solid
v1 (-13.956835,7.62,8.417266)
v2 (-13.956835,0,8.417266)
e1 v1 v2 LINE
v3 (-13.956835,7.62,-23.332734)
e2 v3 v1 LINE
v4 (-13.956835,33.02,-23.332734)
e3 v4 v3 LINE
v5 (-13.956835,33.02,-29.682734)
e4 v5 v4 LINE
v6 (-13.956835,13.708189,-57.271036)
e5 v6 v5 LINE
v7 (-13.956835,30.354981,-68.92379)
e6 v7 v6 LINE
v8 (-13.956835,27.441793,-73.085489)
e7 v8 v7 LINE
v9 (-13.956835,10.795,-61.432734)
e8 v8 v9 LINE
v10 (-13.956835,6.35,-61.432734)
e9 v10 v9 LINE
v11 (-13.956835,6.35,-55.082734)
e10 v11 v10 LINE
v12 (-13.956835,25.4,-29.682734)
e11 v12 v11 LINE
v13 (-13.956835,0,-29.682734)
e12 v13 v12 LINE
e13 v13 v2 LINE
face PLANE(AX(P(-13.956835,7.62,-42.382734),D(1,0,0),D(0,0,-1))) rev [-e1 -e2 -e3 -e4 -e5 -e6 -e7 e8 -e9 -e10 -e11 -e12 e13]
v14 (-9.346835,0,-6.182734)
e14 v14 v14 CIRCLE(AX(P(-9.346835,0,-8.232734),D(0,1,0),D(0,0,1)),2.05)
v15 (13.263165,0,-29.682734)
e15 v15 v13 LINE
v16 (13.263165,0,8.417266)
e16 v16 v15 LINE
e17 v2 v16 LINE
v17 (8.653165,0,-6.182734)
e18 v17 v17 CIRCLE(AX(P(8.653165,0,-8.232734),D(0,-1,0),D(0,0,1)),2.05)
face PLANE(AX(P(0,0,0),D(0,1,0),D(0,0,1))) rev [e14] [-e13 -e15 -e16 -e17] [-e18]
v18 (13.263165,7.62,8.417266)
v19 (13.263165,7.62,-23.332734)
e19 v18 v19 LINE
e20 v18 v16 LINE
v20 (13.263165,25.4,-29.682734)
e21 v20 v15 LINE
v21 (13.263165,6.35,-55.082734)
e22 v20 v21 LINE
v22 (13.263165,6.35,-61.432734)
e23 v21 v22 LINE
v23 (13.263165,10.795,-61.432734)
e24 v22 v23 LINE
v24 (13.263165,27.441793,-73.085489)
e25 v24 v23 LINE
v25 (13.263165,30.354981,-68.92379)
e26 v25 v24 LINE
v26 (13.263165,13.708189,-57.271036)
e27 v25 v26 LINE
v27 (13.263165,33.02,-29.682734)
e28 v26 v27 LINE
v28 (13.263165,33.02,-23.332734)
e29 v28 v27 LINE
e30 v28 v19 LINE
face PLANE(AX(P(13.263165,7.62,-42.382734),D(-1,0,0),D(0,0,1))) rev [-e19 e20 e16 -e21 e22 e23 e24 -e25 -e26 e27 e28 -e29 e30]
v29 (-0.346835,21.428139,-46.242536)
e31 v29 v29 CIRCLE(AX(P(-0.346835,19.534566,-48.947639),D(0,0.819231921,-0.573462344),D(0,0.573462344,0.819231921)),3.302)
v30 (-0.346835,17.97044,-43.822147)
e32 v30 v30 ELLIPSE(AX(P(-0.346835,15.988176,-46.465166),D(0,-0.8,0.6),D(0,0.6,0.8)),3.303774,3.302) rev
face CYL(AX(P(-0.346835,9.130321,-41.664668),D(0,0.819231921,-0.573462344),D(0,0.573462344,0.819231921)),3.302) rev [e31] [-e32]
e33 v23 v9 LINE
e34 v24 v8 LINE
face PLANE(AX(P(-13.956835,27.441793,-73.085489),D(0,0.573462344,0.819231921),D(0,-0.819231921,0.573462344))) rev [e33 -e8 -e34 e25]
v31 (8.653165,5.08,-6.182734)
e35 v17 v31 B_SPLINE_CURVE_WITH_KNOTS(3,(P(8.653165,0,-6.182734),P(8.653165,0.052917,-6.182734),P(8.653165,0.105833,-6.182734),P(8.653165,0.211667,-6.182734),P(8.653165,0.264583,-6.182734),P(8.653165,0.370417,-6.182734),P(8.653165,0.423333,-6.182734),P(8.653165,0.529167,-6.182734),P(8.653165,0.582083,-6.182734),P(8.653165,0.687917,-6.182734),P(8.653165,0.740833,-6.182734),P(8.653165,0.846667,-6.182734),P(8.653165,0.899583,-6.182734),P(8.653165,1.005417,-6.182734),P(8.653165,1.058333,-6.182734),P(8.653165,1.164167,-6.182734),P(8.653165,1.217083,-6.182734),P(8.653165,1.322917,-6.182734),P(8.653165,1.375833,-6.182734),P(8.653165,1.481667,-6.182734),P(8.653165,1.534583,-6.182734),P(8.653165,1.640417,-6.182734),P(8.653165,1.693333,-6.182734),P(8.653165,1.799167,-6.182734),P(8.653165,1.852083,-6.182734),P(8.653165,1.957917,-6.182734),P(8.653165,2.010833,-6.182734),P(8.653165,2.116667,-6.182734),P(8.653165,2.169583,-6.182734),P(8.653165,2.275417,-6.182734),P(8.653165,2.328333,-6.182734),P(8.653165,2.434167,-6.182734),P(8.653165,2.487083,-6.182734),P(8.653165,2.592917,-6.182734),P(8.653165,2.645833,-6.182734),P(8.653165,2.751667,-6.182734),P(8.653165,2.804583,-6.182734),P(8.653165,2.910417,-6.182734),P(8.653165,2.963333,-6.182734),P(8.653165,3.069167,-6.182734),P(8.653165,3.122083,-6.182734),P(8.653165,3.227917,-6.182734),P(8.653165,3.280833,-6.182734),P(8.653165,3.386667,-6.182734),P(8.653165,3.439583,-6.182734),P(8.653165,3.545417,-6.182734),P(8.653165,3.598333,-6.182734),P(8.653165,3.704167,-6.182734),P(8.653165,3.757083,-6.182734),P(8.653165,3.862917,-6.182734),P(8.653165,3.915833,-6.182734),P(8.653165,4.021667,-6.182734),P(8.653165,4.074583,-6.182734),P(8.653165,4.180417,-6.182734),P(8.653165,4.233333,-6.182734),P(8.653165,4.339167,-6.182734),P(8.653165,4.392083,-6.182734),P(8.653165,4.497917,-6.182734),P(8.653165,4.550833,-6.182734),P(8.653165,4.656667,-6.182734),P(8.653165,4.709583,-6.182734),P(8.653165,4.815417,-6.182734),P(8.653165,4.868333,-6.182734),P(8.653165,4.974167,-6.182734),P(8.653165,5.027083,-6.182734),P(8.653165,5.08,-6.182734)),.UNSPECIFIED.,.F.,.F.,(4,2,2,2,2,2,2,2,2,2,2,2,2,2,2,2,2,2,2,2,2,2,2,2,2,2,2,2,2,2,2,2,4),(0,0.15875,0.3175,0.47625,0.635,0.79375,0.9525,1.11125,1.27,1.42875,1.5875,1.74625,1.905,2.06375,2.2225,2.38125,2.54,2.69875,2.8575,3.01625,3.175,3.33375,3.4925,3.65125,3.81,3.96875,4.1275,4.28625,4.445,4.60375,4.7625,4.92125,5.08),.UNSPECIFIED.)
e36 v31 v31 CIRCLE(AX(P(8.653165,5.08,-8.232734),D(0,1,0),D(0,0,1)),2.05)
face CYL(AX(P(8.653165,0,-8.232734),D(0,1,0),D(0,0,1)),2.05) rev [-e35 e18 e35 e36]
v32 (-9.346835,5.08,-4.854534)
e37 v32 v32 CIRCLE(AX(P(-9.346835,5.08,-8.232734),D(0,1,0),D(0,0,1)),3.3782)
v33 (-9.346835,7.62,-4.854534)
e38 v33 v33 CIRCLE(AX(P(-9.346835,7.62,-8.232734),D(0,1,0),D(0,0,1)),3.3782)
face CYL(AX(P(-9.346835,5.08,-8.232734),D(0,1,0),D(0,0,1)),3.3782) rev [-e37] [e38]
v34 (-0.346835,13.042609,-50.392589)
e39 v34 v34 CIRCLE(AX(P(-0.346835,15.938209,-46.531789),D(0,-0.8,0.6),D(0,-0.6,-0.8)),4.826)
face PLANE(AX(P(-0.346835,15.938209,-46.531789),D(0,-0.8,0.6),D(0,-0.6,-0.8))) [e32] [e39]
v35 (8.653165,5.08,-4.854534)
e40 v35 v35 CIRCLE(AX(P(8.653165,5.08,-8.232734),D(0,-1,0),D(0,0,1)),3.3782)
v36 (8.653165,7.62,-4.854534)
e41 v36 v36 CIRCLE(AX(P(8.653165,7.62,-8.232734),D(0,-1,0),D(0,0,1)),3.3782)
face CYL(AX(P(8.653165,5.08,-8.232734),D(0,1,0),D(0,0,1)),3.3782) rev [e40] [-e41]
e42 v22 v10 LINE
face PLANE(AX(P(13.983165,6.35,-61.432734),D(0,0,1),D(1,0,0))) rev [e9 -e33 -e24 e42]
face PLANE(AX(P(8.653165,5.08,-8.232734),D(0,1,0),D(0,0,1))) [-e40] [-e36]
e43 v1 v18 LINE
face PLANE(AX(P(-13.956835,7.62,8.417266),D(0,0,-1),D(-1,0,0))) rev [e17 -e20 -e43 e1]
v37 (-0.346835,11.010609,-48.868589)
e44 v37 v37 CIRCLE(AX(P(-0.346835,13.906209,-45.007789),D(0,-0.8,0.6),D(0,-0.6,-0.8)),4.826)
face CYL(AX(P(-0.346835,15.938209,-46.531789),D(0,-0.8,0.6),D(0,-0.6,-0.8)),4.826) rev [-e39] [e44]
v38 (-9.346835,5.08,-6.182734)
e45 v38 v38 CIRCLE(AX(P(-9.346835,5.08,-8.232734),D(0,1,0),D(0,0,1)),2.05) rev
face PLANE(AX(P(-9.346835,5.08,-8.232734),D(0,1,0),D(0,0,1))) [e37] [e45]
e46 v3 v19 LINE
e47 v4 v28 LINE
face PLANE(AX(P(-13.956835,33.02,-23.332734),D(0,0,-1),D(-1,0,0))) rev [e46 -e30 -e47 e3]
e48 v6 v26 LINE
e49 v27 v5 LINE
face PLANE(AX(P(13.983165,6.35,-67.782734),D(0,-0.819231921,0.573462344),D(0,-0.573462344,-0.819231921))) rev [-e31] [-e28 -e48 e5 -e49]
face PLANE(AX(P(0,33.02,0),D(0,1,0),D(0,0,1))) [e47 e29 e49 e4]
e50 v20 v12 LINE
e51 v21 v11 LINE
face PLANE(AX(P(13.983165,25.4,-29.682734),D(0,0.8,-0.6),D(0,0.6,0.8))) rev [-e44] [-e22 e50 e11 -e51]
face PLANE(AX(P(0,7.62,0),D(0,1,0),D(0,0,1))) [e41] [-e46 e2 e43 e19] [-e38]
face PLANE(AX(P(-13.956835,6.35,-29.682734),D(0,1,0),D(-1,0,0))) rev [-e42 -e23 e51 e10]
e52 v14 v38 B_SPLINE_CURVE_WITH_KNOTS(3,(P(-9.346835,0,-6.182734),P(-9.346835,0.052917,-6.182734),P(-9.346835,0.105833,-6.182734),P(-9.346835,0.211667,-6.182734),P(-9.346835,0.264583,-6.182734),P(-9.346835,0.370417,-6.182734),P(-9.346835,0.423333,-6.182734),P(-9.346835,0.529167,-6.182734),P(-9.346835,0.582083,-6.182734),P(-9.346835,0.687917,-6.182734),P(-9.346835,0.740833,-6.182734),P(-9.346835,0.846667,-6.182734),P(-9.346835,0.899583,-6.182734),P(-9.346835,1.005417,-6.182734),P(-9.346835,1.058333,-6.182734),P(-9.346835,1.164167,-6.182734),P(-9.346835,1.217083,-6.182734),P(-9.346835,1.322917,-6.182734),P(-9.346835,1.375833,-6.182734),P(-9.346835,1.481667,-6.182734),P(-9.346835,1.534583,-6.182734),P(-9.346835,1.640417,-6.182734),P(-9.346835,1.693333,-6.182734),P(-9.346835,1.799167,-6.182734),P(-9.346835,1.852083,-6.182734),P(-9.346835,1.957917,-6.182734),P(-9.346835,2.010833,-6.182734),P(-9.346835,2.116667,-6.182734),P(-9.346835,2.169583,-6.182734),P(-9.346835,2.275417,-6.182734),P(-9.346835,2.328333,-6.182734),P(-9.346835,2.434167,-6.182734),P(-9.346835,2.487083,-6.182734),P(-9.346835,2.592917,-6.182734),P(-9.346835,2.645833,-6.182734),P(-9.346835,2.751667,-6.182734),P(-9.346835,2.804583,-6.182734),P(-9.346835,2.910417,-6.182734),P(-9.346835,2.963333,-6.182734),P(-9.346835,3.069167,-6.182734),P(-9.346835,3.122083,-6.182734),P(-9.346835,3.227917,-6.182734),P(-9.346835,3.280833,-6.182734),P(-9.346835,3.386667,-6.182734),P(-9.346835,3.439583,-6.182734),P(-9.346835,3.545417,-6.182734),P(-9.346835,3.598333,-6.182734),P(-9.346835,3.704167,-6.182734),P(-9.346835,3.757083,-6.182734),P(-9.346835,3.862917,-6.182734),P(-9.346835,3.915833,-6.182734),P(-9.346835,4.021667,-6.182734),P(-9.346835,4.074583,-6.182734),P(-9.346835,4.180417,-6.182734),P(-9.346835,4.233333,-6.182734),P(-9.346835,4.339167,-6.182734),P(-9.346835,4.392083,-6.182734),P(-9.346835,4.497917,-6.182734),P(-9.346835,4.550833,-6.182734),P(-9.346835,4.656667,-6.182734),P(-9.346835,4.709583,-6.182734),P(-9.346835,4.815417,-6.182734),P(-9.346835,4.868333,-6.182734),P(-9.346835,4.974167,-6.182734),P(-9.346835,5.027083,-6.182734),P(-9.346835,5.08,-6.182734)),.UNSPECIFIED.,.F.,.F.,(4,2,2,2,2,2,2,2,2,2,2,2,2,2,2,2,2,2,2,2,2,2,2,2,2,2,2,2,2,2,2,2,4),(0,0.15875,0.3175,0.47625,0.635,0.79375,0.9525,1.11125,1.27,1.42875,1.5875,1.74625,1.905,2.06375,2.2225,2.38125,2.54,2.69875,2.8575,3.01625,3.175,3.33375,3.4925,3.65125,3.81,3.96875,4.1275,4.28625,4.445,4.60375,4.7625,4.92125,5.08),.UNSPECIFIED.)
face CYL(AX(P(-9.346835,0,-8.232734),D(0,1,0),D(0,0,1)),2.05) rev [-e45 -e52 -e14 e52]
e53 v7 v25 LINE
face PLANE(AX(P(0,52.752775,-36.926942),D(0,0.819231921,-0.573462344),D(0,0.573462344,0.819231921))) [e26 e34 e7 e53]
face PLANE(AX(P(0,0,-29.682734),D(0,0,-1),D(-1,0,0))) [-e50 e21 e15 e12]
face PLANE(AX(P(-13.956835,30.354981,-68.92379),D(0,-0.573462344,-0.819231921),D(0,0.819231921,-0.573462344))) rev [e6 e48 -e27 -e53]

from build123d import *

# Parameters (mm, degrees)
SKETCH1_W           = 27.22
SKETCH1_H           = 50.8
BOSS_EXTRUDE1_DEPTH = 7.62
SKETCH2_R           = 2.05
CUT_EXTRUDE1_DEPTH  = 7.62
SKETCH3_R           = 3.3782
CUT_EXTRUDE2_DEPTH  = 2.54
SKETCH4_W           = 27.22
SKETCH4_H           = 19.05
BOSS_EXTRUDE2_DEPTH = 25.4
SKETCH5_W           = 27.22
SKETCH5_H           = 33.02
BOSS_EXTRUDE3_DEPTH = 25.4
SKETCH7_W           = 27.22
SKETCH7_H           = 6.35
CUT_EXTRUDE3_DEPTH  = 38.1
CUT_EXTRUDE4_DEPTH  = 27.94
CUT_EXTRUDE5_DEPTH  = 27.94
CUT_EXTRUDE6_DEPTH  = 27.94
SKETCH12_W          = 27.22
SKETCH12_H          = 5.08
BOSS_EXTRUDE5_DEPTH = 20.32
CUT_EXTRUDE8_DEPTH  = 12.7
SKETCH16_R          = 4.826
CUT_EXTRUDE9_DEPTH  = 2.54


with BuildPart() as part:
    # Sketch1 → Boss-Extrude1 (new body)
    with BuildSketch(Plane(origin=(0, 0, 0), x_dir=(1, 0, 0), z_dir=(0, 1, 0))):
        with Locations((-0.346834532, 16.982733813)):
            Rectangle(SKETCH1_W, SKETCH1_H)
    extrude(amount=BOSS_EXTRUDE1_DEPTH)

    # Sketch2 → Cut-Extrude1 (cut)
    with BuildSketch(Plane(origin=(0, 7.62, 0), x_dir=(1, 0, 0), z_dir=(0, 1, 0))):
        with Locations(Location((-9.346834532, 8.232733813, 0), (0, 0, 270))):
            Circle(SKETCH2_R)
    cut_extrude1 = extrude(amount=-CUT_EXTRUDE1_DEPTH, mode=Mode.SUBTRACT)

    # Sketch3 → Cut-Extrude2 (cut)
    with BuildSketch(Plane(origin=(0, 7.62, 0), x_dir=(1, 0, 0), z_dir=(0, 1, 0))):
        with Locations(Location((-9.346834532, 8.232733813, 0), (0, 0, 270))):
            Circle(SKETCH3_R)
    cut_extrude2 = extrude(amount=-CUT_EXTRUDE2_DEPTH, mode=Mode.SUBTRACT)

    # Mirror1: Cut-Extrude1, Cut-Extrude2 across plane
    add(cut_extrude1.mirror(Plane.ZY.offset(0.346834532)), mode=Mode.SUBTRACT)
    add(cut_extrude2.mirror(Plane.ZY.offset(0.346834532)), mode=Mode.SUBTRACT)

    # Sketch4 → Boss-Extrude2 (add)
    with BuildSketch(Plane(origin=(0, 7.62, 0), x_dir=(1, 0, 0), z_dir=(0, 1, 0))):
        with Locations((-0.346834532, 32.857733813)):
            Rectangle(SKETCH4_W, SKETCH4_H)
    extrude(amount=BOSS_EXTRUDE2_DEPTH)

    # Sketch5 → Boss-Extrude3 (add)
    with BuildSketch(Plane(origin=(0, 0, -42.382733813), x_dir=(-1, 0, 0), z_dir=(0, 0, -1))):
        with Locations((0.346834532, 16.51)):
            Rectangle(SKETCH5_W, SKETCH5_H)
    extrude(amount=BOSS_EXTRUDE3_DEPTH)

    # Sketch7 → Cut-Extrude3 (cut)
    with BuildSketch(Plane(origin=(0, 0, -67.782733813), x_dir=(-1, 0, 0), z_dir=(0, 0, -1))):
        with Locations((0.346834532, 3.175)):
            Rectangle(SKETCH7_W, SKETCH7_H)
    extrude(amount=-CUT_EXTRUDE3_DEPTH, mode=Mode.SUBTRACT)

    # Sketch8 → Cut-Extrude4 (cut)
    with BuildSketch(Plane.ZY.offset(13.956834532)):
        Polygon((-29.682733813, 6.35), (-29.682733813, 25.4), (-55.082733813, 6.35), align=None)
    extrude(amount=-CUT_EXTRUDE4_DEPTH, mode=Mode.SUBTRACT)

    # Sketch9 → Cut-Extrude5 (cut)
    with BuildSketch(Plane.ZY.offset(13.956834532)):
        Polygon((-67.782733813, 33.02), (-67.782733813, 6.35), (-29.682733813, 33.02), align=None)
    extrude(amount=-CUT_EXTRUDE5_DEPTH, mode=Mode.SUBTRACT)

    # Sketch11 → Cut-Extrude6 (cut)
    with BuildSketch(Plane.ZY.offset(13.956834532)):
        Polygon((-61.432733813, 6.35), (-61.432733813, 10.795), (-67.782733813, 6.35), align=None)
    extrude(amount=-CUT_EXTRUDE6_DEPTH, mode=Mode.SUBTRACT)

    # Sketch12 → Boss-Extrude5 (add)
    with BuildSketch(Plane(origin=(0, 36.105982328, -25.27418763), x_dir=(1, 0, 0), z_dir=(0, 0.8192319205190405, -0.5734623443633285))):
        with Locations((-0.346834532, 41.597130497)):
            Rectangle(SKETCH12_W, SKETCH12_H)
    extrude(amount=BOSS_EXTRUDE5_DEPTH)

    # Sketch15 → Cut-Extrude8 (cut)
    with BuildSketch(Plane(origin=(0, 36.105982328, -25.27418763), x_dir=(1, 0, 0), z_dir=(0, 0.8192319205190405, -0.5734623443633285))):
        with BuildLine():
            ThreePointArc((2.955165468, 28.897130497), (1.988032059, 31.231997088), (-0.346834532, 32.199130497))
            Line((-0.346834532, 32.199130497), (-0.346834532, 25.595130497))
            ThreePointArc((-0.346834532, 25.595130497), (1.988032059, 26.562263905), (2.955165468, 28.897130497))
        make_face()
        with BuildLine():
            Line((-0.346834532, 25.595130497), (-0.346834532, 32.199130497))
            ThreePointArc((-0.346834532, 32.199130497), (-3.648834532, 28.897130497), (-0.346834532, 25.595130497))
        make_face()
    extrude(amount=-CUT_EXTRUDE8_DEPTH, mode=Mode.SUBTRACT)

    # Sketch16 → Cut-Extrude9 (cut)
    with BuildSketch(Plane(origin=(0, 30.50371223, -22.877784173), x_dir=(1, 0, 0), z_dir=(0, -0.7999999999999999, 0.6000000000000003))):
        with Locations(Location((-0.346834532, -27.662506101, 0), (0, 0, 270))):
            Circle(SKETCH16_R)
    extrude(amount=-CUT_EXTRUDE9_DEPTH, mode=Mode.SUBTRACT)


solid = part.part
